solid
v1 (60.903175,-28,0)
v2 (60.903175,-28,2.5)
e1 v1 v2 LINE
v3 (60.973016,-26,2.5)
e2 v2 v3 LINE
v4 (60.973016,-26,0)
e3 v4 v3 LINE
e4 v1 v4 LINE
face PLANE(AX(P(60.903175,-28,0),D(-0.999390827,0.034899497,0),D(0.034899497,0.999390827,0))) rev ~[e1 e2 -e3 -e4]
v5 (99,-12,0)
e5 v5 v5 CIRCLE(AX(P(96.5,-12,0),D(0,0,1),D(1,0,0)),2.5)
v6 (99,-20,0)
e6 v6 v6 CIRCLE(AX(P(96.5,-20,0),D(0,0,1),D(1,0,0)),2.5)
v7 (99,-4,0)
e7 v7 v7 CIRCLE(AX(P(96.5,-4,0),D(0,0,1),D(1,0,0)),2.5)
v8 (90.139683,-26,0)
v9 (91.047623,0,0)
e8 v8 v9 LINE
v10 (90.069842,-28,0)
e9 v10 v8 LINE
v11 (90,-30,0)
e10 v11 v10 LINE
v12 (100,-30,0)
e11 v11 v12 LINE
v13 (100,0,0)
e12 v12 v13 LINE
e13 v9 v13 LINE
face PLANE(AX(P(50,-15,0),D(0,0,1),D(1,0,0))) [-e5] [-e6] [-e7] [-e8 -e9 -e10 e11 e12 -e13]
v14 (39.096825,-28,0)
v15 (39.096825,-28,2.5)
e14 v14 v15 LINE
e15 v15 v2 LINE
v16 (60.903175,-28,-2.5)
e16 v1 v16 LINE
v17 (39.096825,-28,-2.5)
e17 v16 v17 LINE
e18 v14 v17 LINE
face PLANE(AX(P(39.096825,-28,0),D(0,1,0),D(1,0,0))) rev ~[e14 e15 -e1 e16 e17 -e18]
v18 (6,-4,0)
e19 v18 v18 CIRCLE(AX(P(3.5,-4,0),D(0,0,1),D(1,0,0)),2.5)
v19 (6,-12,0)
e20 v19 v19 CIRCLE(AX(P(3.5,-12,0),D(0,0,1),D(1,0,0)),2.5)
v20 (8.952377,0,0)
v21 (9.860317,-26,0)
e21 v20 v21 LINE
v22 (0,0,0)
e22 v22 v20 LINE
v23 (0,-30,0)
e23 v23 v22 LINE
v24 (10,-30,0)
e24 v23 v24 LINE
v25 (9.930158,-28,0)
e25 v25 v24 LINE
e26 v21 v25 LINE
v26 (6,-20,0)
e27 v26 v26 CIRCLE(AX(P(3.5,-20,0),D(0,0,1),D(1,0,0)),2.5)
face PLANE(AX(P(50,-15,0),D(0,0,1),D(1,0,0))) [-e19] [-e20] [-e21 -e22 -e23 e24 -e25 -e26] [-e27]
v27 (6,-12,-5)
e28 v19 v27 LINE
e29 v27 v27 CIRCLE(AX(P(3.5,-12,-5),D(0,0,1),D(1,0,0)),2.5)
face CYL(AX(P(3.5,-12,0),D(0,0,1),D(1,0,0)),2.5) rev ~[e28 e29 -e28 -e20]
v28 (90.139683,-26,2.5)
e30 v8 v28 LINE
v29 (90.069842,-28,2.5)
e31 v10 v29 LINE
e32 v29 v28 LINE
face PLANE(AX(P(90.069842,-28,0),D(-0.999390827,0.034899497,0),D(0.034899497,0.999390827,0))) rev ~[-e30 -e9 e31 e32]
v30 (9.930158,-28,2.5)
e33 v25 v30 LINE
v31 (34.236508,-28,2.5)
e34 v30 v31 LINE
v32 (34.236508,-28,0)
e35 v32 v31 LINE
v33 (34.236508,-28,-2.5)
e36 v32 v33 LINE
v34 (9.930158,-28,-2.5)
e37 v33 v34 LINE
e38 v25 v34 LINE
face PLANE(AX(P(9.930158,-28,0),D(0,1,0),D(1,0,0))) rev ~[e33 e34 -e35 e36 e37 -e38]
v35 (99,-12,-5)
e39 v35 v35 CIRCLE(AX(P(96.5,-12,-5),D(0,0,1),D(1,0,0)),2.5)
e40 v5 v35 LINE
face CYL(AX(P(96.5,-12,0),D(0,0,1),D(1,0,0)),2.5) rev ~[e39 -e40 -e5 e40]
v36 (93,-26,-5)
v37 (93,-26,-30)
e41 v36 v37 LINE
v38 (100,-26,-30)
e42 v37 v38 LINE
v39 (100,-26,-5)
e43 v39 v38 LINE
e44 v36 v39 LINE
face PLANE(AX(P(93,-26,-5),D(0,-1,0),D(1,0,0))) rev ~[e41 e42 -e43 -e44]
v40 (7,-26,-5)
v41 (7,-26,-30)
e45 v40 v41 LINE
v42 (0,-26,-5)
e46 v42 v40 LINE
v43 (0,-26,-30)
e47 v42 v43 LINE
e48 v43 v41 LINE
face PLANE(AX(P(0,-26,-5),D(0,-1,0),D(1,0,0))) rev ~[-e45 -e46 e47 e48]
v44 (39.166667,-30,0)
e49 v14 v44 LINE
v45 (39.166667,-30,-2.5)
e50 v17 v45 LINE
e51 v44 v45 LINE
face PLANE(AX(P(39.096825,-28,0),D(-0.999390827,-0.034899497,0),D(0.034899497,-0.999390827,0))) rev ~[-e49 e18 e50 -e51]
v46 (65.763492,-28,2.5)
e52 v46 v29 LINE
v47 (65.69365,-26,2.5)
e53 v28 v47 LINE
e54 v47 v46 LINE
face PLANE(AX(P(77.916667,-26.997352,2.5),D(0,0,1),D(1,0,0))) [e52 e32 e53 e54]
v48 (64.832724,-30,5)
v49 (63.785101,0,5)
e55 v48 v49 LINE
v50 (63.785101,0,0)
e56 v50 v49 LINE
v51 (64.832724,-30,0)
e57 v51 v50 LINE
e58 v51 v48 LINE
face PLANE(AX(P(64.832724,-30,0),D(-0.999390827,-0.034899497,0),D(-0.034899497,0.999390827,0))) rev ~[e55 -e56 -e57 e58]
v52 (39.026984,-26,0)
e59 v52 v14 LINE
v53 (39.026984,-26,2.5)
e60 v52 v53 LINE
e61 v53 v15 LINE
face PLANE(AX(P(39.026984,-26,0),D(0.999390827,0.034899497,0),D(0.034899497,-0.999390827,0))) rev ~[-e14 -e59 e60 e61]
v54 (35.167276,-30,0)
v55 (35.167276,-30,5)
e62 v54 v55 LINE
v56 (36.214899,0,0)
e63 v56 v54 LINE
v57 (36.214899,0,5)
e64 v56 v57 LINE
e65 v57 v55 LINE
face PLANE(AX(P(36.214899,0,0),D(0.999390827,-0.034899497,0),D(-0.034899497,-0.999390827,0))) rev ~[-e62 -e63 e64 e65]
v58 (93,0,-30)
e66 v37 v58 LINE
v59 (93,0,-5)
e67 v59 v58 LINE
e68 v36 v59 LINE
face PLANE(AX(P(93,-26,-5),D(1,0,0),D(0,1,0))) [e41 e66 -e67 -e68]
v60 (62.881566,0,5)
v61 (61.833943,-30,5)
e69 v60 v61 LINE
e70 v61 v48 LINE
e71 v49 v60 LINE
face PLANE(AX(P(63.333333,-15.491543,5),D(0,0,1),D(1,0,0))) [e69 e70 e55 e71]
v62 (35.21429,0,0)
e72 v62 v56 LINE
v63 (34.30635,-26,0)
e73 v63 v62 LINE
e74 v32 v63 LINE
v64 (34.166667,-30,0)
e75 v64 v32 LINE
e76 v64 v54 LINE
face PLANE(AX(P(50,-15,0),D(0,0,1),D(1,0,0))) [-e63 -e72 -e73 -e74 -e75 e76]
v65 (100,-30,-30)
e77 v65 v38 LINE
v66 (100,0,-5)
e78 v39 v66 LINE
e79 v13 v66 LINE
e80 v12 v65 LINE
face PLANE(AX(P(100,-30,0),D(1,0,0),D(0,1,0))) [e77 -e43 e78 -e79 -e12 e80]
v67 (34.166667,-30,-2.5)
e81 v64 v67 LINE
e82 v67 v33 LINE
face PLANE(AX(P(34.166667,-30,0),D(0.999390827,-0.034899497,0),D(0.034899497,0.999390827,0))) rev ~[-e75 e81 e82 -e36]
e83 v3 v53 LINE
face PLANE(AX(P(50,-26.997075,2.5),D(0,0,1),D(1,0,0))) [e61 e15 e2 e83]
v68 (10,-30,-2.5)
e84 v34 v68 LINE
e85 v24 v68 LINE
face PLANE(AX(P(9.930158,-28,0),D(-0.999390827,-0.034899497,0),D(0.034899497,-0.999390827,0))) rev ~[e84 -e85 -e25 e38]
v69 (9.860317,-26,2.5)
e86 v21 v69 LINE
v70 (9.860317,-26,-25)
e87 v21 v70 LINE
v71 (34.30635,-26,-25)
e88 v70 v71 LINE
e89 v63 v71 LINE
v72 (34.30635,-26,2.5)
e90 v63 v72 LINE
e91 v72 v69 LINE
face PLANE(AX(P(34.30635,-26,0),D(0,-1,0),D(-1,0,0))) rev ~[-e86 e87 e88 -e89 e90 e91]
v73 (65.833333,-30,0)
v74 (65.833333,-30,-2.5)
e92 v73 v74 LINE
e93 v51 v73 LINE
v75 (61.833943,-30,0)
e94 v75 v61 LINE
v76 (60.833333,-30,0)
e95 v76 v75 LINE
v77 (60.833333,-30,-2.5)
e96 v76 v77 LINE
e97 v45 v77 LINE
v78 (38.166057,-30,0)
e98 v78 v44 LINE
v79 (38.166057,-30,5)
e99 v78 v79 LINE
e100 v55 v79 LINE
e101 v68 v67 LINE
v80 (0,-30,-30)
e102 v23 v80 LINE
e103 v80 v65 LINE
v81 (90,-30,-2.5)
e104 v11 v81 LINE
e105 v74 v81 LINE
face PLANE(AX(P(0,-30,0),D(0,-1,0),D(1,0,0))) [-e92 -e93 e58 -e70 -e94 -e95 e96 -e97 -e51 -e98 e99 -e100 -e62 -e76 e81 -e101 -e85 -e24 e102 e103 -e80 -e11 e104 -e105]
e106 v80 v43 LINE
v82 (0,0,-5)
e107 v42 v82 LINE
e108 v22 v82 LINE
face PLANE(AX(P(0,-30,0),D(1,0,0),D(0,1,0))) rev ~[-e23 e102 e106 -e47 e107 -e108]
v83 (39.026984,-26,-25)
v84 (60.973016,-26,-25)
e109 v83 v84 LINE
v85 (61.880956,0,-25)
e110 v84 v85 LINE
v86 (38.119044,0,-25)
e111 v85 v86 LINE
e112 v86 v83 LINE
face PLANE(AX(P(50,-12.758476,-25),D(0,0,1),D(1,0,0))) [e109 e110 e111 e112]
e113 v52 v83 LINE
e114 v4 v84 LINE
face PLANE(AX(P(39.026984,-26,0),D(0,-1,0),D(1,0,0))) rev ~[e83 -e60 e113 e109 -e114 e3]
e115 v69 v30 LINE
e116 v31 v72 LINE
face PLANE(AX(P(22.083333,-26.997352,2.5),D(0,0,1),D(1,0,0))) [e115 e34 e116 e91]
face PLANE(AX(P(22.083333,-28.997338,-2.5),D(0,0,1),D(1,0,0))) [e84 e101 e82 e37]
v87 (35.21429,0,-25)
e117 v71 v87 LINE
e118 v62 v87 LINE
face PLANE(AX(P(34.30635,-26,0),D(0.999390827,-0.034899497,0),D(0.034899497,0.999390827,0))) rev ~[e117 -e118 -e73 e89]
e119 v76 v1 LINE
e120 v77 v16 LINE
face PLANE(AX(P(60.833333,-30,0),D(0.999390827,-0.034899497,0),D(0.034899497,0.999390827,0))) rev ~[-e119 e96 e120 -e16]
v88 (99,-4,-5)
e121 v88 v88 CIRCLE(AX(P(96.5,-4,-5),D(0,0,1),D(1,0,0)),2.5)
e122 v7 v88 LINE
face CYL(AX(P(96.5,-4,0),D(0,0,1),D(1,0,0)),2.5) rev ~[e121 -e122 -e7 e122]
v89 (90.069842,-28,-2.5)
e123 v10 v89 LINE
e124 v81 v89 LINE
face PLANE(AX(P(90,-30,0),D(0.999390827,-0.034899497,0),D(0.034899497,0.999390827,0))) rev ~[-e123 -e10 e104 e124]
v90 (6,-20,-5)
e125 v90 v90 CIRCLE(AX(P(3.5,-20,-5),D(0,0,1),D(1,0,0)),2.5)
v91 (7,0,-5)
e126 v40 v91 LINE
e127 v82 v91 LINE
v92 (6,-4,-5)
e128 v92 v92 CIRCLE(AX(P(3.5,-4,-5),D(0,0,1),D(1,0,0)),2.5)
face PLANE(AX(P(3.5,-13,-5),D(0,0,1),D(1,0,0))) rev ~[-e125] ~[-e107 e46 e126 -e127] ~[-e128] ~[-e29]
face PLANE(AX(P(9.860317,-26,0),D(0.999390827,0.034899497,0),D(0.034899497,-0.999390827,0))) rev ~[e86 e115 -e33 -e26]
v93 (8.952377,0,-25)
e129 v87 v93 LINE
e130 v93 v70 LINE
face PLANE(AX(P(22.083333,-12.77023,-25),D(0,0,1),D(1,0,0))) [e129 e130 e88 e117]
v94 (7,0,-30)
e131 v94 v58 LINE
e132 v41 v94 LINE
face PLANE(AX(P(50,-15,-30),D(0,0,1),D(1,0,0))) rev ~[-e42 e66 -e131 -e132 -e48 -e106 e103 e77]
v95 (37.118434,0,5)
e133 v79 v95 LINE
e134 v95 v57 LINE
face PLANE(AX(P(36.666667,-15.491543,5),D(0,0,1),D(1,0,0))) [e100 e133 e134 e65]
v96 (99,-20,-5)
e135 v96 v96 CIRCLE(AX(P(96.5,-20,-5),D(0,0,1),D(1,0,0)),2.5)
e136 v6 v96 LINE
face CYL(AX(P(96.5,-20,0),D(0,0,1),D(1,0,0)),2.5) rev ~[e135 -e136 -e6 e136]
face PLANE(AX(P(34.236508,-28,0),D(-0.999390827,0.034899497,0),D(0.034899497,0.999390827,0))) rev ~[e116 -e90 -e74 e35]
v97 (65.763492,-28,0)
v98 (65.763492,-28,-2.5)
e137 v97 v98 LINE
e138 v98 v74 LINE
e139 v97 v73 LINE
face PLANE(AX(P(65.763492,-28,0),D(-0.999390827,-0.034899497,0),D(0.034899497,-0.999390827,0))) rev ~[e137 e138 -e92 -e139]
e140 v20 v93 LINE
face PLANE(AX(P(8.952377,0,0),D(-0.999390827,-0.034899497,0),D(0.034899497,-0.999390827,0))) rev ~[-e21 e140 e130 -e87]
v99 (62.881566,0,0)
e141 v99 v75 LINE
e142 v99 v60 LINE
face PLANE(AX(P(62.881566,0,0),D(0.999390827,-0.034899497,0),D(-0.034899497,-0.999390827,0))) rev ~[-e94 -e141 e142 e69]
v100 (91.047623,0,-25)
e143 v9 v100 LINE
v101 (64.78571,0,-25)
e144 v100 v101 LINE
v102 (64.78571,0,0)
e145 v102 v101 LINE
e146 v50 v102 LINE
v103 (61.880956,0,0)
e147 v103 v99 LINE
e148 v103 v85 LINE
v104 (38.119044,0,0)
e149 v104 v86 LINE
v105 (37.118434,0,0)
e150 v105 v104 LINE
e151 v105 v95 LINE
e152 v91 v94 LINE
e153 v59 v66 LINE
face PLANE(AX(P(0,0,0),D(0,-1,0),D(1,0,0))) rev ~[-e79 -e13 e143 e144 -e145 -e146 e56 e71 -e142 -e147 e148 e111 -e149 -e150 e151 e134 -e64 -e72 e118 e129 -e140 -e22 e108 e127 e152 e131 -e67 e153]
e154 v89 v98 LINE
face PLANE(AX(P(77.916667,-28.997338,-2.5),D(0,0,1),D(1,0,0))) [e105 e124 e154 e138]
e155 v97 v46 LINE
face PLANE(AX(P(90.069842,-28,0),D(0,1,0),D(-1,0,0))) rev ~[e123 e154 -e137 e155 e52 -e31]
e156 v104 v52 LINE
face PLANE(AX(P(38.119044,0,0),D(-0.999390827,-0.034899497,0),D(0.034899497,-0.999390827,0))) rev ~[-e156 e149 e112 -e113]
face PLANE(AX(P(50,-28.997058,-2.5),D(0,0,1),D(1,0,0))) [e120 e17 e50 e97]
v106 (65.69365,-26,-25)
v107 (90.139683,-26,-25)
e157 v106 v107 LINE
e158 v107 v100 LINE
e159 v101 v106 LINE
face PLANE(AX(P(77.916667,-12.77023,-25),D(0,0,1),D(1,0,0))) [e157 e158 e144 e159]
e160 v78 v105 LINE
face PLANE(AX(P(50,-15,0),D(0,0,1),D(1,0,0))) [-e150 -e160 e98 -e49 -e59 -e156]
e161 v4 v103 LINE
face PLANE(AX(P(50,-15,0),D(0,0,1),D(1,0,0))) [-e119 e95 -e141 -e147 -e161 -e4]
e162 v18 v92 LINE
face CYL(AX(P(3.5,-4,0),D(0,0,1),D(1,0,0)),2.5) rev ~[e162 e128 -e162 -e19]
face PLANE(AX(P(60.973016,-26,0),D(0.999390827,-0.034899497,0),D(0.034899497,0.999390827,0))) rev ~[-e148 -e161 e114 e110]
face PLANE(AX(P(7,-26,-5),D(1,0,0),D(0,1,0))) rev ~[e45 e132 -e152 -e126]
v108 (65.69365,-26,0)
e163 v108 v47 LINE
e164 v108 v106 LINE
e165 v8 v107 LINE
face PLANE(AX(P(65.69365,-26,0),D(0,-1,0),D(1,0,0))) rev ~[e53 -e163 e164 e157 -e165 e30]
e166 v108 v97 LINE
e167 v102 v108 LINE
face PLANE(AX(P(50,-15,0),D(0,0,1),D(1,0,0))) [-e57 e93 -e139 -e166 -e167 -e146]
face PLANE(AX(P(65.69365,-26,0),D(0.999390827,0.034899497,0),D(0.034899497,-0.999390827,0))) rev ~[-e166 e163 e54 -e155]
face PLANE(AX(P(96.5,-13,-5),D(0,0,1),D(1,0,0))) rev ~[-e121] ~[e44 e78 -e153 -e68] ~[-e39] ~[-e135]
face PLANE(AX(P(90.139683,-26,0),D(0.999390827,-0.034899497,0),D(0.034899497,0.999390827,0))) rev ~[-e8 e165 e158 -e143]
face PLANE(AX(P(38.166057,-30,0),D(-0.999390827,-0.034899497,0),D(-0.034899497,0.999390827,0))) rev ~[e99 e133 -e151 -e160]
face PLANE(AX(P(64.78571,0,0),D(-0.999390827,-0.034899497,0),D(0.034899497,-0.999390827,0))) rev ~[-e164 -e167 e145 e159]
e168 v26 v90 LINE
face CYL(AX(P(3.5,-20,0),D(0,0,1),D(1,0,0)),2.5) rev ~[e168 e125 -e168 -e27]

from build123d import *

# Parameters (mm, degrees)
SKETCH3_W           = 100
SKETCH3_H           = 30
BOSS_EXTRUDE1_DEPTH = 30
SKETCH3_6_R         = 2.5
CUT_EXTRUDE1_DEPTH  = 25
CUT_EXTRUDE3_START  = -5
SKETCH3_9_W         = 7
SKETCH3_9_H         = 26
CUT_EXTRUDE3_DEPTH  = 104.627804912
CUT_EXTRUDE4_DEPTH  = 2.5
BOSS_EXTRUDE2_DEPTH = 2.5
BOSS_EXTRUDE3_DEPTH = 5


with BuildPart() as part:
    # Sketch3 → Boss-Extrude1 (new body)
    with BuildSketch(Plane.XY):
        with Locations((50, -15)):
            Rectangle(SKETCH3_W, SKETCH3_H)
    extrude(amount=-BOSS_EXTRUDE1_DEPTH)

    # Sketch3<6> → Cut-Extrude1 (cut)
    with BuildSketch(Plane.XY):
        Polygon((35.214289751, 0), (8.952376915, 0), (9.860316922, -26), (34.306349745, -26), align=None)
        Polygon((61.880956418, 0), (38.119043582, 0), (39.026983589, -26), (60.973016411, -26), align=None)
        Polygon((91.047623085, 0), (64.785710249, 0), (65.693650255, -26), (90.139683078, -26), align=None)
        with Locations((3.5, -4)):
            Circle(SKETCH3_6_R)
        with Locations((3.5, -12)):
            Circle(SKETCH3_6_R)
        with Locations((3.5, -20)):
            Circle(SKETCH3_6_R)
        with Locations((96.5, -4)):
            Circle(SKETCH3_6_R)
        with Locations((96.5, -12)):
            Circle(SKETCH3_6_R)
        with Locations((96.5, -20)):
            Circle(SKETCH3_6_R)
    extrude(amount=-CUT_EXTRUDE1_DEPTH, mode=Mode.SUBTRACT)

    # Sketch3<9> → Cut-Extrude3 (cut, through all)
    with BuildSketch(Plane.XY.offset(CUT_EXTRUDE3_START)):
        with Locations((3.5, -13)):
            Rectangle(SKETCH3_9_W, SKETCH3_9_H)
        with Locations((96.5, -13)):
            Rectangle(SKETCH3_9_W, SKETCH3_9_H)
    extrude(amount=-CUT_EXTRUDE3_DEPTH, mode=Mode.SUBTRACT)

    # Sketch3<10> → Cut-Extrude4 (cut)
    with BuildSketch(Plane.XY):
        Polygon((34.236508206, -28), (9.930158461, -28), (10, -30), (34.166666667, -30), align=None)
        Polygon((60.903174872, -28), (39.096825128, -28), (39.166666667, -30), (60.833333333, -30), align=None)
        Polygon((90.069841539, -28), (65.763491794, -28), (65.833333333, -30), (90, -30), align=None)
    extrude(amount=-CUT_EXTRUDE4_DEPTH, mode=Mode.SUBTRACT)

    # Sketch3<11> → Boss-Extrude2 (add)
    with BuildSketch(Plane.XY):
        Polygon((34.306349745, -26), (9.860316922, -26), (9.930158461, -28), (34.236508206, -28), align=None)
        Polygon((60.973016411, -26), (39.026983589, -26), (39.096825128, -28), (60.903174872, -28), align=None)
        Polygon((90.139683078, -26), (65.693650255, -26), (65.763491794, -28), (90.069841539, -28), align=None)
    extrude(amount=BOSS_EXTRUDE2_DEPTH)

    # Sketch3<12> → Boss-Extrude3 (add)
    with BuildSketch(Plane.XY):
        Polygon((37.118434038, 0), (36.214899296, 0), (35.167276211, -30), (38.166057122, -30), align=None)
        Polygon((63.785100704, 0), (62.881565962, 0), (61.833942878, -30), (64.832723789, -30), align=None)
    extrude(amount=BOSS_EXTRUDE3_DEPTH)


solid = part.part
